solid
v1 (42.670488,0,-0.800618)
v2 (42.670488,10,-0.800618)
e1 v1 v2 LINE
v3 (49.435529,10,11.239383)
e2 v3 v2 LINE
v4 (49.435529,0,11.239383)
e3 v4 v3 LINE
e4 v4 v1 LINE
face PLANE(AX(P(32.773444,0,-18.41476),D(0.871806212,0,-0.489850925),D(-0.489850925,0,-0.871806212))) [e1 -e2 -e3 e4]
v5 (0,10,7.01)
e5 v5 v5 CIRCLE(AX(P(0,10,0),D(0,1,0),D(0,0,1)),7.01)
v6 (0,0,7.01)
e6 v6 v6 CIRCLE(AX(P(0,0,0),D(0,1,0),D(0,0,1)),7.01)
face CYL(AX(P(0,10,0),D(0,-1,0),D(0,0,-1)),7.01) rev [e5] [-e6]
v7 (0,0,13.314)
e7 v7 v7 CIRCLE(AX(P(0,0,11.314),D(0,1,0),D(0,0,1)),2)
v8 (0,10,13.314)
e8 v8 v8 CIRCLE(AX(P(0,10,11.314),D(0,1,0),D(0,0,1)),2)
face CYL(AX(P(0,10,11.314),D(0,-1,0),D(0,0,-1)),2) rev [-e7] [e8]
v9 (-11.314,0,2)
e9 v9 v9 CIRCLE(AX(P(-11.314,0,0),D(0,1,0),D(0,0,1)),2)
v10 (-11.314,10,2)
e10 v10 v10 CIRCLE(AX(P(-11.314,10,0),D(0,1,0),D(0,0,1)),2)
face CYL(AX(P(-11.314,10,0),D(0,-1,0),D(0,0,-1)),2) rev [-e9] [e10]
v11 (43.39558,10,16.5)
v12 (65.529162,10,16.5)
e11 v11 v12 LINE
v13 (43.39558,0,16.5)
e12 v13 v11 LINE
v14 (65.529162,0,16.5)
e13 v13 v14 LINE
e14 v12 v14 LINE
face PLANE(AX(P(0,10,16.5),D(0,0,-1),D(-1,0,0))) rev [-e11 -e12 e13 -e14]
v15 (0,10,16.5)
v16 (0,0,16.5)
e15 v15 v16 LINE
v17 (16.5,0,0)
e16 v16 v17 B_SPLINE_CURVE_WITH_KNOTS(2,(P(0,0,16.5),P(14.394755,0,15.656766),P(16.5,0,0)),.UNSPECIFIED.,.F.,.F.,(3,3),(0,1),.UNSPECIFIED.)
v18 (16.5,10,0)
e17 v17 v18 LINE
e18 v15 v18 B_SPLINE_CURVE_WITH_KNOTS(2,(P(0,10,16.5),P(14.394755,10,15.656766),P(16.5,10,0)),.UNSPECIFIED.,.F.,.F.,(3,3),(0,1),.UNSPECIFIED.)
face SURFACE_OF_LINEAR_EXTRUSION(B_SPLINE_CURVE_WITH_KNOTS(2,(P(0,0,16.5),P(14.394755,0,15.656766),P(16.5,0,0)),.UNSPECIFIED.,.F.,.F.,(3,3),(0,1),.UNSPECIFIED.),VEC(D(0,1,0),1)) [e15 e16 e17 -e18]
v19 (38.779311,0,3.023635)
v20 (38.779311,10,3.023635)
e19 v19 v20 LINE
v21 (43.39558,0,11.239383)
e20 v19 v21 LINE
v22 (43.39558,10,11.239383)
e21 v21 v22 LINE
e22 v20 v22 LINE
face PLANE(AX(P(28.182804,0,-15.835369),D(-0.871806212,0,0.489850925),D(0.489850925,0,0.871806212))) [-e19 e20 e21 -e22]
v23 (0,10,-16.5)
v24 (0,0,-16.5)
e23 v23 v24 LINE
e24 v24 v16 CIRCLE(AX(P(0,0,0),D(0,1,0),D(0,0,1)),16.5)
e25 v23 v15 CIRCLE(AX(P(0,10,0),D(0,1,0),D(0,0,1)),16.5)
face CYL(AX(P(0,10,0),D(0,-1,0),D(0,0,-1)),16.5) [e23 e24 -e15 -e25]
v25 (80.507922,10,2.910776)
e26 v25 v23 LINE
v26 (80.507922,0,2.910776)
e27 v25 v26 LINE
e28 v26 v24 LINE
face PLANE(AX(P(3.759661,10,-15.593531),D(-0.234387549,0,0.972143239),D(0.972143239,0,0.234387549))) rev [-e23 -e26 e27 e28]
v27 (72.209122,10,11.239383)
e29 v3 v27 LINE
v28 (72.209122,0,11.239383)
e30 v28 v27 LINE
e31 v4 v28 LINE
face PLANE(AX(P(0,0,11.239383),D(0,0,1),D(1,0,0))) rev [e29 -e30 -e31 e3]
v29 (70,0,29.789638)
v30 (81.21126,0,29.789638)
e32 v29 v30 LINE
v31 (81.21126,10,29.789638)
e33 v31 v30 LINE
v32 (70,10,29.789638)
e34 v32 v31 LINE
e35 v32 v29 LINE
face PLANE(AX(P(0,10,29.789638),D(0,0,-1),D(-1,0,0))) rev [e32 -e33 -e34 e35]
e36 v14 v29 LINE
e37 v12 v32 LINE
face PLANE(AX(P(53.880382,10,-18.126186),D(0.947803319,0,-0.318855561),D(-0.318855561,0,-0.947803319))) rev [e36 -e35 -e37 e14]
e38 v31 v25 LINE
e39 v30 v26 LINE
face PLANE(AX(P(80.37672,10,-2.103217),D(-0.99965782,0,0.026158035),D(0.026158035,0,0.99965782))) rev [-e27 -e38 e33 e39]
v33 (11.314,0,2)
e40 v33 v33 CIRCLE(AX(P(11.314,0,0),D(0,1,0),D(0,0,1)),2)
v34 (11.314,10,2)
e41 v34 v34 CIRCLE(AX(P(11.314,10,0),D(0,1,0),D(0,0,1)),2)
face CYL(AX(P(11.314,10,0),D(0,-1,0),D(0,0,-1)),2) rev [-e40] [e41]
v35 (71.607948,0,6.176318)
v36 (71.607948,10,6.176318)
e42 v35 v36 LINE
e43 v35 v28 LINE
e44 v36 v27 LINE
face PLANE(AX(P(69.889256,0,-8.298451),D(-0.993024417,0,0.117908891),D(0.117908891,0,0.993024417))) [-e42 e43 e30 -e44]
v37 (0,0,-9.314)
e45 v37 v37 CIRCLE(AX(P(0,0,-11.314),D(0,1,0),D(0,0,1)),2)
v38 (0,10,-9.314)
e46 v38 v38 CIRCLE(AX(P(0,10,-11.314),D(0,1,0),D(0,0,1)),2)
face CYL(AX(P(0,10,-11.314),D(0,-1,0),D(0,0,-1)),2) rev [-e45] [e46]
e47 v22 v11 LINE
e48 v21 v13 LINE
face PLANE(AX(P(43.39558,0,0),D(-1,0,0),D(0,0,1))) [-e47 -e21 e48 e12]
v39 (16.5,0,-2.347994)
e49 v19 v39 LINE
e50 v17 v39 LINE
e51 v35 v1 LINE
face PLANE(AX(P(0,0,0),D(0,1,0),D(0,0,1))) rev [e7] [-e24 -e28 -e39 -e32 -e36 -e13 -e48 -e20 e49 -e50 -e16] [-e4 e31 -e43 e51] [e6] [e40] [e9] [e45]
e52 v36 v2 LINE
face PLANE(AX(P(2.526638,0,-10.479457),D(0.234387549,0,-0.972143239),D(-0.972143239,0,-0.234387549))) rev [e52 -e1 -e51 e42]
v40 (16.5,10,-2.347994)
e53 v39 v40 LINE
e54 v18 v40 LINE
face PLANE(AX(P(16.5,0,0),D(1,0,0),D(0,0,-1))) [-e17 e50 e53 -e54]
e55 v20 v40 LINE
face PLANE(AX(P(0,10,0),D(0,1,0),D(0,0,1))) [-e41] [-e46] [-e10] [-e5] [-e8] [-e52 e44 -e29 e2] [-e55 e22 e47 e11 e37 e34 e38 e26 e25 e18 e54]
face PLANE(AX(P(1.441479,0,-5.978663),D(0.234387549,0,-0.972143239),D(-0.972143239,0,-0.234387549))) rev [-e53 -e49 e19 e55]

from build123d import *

# Parameters (mm, degrees)
SKETCH1_R           = 2
SKETCH1_R_2         = 7.01
BOSS_EXTRUDE1_DEPTH = 10
CUT_EXTRUDE1_DEPTH  = 10


with BuildPart() as part:
    # Sketch1 → Boss-Extrude1 (new body)
    # profile 1 of 2: a face of its own
    with BuildSketch(Plane(origin=(0, 0, 0), x_dir=(1, 0, 0), z_dir=(0, 1, 0))):
        with BuildLine():
            ThreePointArc((0, 16.5), (-16.5, 0), (0, -16.5))
            ThreePointArc((0, -16.5), (11.66726189, -11.66726189), (16.5, 0))
            ThreePointArc((16.5, 0), (14.076910684, 8.607588837), (7.519322958, 14.68706173))
            Line((7.519322958, 14.68706173), (0, 16.5))
        make_face()
        with Locations(Location((0, -11.314, 0), (0, 0, 270))):
            Circle(SKETCH1_R, mode=Mode.SUBTRACT)
        with Locations(Location((-11.314, 0, 0), (0, 0, 270))):
            Circle(SKETCH1_R, mode=Mode.SUBTRACT)
        with Locations(Location((0, 0, 0), (0, 0, 270))):
            Circle(SKETCH1_R_2, mode=Mode.SUBTRACT)
        with Locations(Location((11.314, 0, 0), (0, 0, 270))):
            Circle(SKETCH1_R, mode=Mode.SUBTRACT)
        with Locations(Location((0, 11.314, 0), (0, 0, 270))):
            Circle(SKETCH1_R, mode=Mode.SUBTRACT)
    # profile 2 of 2: a face of its own
    with BuildSketch(Plane(origin=(0, 0, 0), x_dir=(1, 0, 0), z_dir=(0, 1, 0))):
        with BuildLine():
            ThreePointArc((16.5, 0), (11.66726189, -11.66726189), (0, -16.5))
            Line((0, -16.5), (19.087841457, -16.5))
            Line((19.087841457, -16.5), (42.57033822, -16.5))
            Line((42.57033822, -16.5), (65.434874542, -16.5))
            Line((65.434874542, -16.5), (65.529162168, -16.5))
            Line((65.529162168, -16.5), (70, -29.789637879))
            Line((70, -29.789637879), (81.21126045, -29.789637879))
            Line((81.21126045, -29.789637879), (80.86351064, -16.5))
            Line((80.86351064, -16.5), (80.641091233, -8))
            Line((80.641091233, -8), (80.507921559, -2.910775794))
            Line((80.507921559, -2.910775794), (7.519322958, 14.68706173))
            ThreePointArc((7.519322958, 14.68706173), (14.076910684, 8.607588837), (16.5, 0))
        make_face()
    extrude(amount=BOSS_EXTRUDE1_DEPTH)

    # Sketch2 → Cut-Extrude1 (cut)
    with BuildSketch(Plane(origin=(0, 10, 0), x_dir=(1, 0, 0), z_dir=(0, 1, 0))):
        with BuildLine():
            add(Edge.make_bspline(
                [(0, -16.5), (14.394754893, -15.656765563), (16.5, 0)],
                knots=[0, 0, 0, 1, 1, 1], degree=2))
            Line((0, -16.5), (43.395579658, -16.5))
            Line((43.395579658, -16.5), (43.395579658, -11.239382549))
            Line((43.395579658, -11.239382549), (38.779311098, -3.023634866))
            Line((38.779311098, -3.023634866), (16.5, 2.347994462))
            Line((16.5, 2.347994462), (16.5, 0))
        make_face()
        Polygon((42.670487587, 0.800617581), (49.435529091, -11.239382549), (72.209122235, -11.239382549), (71.607948341, -6.176317755), align=None)
    extrude(amount=-CUT_EXTRUDE1_DEPTH, mode=Mode.SUBTRACT)


solid = part.part
